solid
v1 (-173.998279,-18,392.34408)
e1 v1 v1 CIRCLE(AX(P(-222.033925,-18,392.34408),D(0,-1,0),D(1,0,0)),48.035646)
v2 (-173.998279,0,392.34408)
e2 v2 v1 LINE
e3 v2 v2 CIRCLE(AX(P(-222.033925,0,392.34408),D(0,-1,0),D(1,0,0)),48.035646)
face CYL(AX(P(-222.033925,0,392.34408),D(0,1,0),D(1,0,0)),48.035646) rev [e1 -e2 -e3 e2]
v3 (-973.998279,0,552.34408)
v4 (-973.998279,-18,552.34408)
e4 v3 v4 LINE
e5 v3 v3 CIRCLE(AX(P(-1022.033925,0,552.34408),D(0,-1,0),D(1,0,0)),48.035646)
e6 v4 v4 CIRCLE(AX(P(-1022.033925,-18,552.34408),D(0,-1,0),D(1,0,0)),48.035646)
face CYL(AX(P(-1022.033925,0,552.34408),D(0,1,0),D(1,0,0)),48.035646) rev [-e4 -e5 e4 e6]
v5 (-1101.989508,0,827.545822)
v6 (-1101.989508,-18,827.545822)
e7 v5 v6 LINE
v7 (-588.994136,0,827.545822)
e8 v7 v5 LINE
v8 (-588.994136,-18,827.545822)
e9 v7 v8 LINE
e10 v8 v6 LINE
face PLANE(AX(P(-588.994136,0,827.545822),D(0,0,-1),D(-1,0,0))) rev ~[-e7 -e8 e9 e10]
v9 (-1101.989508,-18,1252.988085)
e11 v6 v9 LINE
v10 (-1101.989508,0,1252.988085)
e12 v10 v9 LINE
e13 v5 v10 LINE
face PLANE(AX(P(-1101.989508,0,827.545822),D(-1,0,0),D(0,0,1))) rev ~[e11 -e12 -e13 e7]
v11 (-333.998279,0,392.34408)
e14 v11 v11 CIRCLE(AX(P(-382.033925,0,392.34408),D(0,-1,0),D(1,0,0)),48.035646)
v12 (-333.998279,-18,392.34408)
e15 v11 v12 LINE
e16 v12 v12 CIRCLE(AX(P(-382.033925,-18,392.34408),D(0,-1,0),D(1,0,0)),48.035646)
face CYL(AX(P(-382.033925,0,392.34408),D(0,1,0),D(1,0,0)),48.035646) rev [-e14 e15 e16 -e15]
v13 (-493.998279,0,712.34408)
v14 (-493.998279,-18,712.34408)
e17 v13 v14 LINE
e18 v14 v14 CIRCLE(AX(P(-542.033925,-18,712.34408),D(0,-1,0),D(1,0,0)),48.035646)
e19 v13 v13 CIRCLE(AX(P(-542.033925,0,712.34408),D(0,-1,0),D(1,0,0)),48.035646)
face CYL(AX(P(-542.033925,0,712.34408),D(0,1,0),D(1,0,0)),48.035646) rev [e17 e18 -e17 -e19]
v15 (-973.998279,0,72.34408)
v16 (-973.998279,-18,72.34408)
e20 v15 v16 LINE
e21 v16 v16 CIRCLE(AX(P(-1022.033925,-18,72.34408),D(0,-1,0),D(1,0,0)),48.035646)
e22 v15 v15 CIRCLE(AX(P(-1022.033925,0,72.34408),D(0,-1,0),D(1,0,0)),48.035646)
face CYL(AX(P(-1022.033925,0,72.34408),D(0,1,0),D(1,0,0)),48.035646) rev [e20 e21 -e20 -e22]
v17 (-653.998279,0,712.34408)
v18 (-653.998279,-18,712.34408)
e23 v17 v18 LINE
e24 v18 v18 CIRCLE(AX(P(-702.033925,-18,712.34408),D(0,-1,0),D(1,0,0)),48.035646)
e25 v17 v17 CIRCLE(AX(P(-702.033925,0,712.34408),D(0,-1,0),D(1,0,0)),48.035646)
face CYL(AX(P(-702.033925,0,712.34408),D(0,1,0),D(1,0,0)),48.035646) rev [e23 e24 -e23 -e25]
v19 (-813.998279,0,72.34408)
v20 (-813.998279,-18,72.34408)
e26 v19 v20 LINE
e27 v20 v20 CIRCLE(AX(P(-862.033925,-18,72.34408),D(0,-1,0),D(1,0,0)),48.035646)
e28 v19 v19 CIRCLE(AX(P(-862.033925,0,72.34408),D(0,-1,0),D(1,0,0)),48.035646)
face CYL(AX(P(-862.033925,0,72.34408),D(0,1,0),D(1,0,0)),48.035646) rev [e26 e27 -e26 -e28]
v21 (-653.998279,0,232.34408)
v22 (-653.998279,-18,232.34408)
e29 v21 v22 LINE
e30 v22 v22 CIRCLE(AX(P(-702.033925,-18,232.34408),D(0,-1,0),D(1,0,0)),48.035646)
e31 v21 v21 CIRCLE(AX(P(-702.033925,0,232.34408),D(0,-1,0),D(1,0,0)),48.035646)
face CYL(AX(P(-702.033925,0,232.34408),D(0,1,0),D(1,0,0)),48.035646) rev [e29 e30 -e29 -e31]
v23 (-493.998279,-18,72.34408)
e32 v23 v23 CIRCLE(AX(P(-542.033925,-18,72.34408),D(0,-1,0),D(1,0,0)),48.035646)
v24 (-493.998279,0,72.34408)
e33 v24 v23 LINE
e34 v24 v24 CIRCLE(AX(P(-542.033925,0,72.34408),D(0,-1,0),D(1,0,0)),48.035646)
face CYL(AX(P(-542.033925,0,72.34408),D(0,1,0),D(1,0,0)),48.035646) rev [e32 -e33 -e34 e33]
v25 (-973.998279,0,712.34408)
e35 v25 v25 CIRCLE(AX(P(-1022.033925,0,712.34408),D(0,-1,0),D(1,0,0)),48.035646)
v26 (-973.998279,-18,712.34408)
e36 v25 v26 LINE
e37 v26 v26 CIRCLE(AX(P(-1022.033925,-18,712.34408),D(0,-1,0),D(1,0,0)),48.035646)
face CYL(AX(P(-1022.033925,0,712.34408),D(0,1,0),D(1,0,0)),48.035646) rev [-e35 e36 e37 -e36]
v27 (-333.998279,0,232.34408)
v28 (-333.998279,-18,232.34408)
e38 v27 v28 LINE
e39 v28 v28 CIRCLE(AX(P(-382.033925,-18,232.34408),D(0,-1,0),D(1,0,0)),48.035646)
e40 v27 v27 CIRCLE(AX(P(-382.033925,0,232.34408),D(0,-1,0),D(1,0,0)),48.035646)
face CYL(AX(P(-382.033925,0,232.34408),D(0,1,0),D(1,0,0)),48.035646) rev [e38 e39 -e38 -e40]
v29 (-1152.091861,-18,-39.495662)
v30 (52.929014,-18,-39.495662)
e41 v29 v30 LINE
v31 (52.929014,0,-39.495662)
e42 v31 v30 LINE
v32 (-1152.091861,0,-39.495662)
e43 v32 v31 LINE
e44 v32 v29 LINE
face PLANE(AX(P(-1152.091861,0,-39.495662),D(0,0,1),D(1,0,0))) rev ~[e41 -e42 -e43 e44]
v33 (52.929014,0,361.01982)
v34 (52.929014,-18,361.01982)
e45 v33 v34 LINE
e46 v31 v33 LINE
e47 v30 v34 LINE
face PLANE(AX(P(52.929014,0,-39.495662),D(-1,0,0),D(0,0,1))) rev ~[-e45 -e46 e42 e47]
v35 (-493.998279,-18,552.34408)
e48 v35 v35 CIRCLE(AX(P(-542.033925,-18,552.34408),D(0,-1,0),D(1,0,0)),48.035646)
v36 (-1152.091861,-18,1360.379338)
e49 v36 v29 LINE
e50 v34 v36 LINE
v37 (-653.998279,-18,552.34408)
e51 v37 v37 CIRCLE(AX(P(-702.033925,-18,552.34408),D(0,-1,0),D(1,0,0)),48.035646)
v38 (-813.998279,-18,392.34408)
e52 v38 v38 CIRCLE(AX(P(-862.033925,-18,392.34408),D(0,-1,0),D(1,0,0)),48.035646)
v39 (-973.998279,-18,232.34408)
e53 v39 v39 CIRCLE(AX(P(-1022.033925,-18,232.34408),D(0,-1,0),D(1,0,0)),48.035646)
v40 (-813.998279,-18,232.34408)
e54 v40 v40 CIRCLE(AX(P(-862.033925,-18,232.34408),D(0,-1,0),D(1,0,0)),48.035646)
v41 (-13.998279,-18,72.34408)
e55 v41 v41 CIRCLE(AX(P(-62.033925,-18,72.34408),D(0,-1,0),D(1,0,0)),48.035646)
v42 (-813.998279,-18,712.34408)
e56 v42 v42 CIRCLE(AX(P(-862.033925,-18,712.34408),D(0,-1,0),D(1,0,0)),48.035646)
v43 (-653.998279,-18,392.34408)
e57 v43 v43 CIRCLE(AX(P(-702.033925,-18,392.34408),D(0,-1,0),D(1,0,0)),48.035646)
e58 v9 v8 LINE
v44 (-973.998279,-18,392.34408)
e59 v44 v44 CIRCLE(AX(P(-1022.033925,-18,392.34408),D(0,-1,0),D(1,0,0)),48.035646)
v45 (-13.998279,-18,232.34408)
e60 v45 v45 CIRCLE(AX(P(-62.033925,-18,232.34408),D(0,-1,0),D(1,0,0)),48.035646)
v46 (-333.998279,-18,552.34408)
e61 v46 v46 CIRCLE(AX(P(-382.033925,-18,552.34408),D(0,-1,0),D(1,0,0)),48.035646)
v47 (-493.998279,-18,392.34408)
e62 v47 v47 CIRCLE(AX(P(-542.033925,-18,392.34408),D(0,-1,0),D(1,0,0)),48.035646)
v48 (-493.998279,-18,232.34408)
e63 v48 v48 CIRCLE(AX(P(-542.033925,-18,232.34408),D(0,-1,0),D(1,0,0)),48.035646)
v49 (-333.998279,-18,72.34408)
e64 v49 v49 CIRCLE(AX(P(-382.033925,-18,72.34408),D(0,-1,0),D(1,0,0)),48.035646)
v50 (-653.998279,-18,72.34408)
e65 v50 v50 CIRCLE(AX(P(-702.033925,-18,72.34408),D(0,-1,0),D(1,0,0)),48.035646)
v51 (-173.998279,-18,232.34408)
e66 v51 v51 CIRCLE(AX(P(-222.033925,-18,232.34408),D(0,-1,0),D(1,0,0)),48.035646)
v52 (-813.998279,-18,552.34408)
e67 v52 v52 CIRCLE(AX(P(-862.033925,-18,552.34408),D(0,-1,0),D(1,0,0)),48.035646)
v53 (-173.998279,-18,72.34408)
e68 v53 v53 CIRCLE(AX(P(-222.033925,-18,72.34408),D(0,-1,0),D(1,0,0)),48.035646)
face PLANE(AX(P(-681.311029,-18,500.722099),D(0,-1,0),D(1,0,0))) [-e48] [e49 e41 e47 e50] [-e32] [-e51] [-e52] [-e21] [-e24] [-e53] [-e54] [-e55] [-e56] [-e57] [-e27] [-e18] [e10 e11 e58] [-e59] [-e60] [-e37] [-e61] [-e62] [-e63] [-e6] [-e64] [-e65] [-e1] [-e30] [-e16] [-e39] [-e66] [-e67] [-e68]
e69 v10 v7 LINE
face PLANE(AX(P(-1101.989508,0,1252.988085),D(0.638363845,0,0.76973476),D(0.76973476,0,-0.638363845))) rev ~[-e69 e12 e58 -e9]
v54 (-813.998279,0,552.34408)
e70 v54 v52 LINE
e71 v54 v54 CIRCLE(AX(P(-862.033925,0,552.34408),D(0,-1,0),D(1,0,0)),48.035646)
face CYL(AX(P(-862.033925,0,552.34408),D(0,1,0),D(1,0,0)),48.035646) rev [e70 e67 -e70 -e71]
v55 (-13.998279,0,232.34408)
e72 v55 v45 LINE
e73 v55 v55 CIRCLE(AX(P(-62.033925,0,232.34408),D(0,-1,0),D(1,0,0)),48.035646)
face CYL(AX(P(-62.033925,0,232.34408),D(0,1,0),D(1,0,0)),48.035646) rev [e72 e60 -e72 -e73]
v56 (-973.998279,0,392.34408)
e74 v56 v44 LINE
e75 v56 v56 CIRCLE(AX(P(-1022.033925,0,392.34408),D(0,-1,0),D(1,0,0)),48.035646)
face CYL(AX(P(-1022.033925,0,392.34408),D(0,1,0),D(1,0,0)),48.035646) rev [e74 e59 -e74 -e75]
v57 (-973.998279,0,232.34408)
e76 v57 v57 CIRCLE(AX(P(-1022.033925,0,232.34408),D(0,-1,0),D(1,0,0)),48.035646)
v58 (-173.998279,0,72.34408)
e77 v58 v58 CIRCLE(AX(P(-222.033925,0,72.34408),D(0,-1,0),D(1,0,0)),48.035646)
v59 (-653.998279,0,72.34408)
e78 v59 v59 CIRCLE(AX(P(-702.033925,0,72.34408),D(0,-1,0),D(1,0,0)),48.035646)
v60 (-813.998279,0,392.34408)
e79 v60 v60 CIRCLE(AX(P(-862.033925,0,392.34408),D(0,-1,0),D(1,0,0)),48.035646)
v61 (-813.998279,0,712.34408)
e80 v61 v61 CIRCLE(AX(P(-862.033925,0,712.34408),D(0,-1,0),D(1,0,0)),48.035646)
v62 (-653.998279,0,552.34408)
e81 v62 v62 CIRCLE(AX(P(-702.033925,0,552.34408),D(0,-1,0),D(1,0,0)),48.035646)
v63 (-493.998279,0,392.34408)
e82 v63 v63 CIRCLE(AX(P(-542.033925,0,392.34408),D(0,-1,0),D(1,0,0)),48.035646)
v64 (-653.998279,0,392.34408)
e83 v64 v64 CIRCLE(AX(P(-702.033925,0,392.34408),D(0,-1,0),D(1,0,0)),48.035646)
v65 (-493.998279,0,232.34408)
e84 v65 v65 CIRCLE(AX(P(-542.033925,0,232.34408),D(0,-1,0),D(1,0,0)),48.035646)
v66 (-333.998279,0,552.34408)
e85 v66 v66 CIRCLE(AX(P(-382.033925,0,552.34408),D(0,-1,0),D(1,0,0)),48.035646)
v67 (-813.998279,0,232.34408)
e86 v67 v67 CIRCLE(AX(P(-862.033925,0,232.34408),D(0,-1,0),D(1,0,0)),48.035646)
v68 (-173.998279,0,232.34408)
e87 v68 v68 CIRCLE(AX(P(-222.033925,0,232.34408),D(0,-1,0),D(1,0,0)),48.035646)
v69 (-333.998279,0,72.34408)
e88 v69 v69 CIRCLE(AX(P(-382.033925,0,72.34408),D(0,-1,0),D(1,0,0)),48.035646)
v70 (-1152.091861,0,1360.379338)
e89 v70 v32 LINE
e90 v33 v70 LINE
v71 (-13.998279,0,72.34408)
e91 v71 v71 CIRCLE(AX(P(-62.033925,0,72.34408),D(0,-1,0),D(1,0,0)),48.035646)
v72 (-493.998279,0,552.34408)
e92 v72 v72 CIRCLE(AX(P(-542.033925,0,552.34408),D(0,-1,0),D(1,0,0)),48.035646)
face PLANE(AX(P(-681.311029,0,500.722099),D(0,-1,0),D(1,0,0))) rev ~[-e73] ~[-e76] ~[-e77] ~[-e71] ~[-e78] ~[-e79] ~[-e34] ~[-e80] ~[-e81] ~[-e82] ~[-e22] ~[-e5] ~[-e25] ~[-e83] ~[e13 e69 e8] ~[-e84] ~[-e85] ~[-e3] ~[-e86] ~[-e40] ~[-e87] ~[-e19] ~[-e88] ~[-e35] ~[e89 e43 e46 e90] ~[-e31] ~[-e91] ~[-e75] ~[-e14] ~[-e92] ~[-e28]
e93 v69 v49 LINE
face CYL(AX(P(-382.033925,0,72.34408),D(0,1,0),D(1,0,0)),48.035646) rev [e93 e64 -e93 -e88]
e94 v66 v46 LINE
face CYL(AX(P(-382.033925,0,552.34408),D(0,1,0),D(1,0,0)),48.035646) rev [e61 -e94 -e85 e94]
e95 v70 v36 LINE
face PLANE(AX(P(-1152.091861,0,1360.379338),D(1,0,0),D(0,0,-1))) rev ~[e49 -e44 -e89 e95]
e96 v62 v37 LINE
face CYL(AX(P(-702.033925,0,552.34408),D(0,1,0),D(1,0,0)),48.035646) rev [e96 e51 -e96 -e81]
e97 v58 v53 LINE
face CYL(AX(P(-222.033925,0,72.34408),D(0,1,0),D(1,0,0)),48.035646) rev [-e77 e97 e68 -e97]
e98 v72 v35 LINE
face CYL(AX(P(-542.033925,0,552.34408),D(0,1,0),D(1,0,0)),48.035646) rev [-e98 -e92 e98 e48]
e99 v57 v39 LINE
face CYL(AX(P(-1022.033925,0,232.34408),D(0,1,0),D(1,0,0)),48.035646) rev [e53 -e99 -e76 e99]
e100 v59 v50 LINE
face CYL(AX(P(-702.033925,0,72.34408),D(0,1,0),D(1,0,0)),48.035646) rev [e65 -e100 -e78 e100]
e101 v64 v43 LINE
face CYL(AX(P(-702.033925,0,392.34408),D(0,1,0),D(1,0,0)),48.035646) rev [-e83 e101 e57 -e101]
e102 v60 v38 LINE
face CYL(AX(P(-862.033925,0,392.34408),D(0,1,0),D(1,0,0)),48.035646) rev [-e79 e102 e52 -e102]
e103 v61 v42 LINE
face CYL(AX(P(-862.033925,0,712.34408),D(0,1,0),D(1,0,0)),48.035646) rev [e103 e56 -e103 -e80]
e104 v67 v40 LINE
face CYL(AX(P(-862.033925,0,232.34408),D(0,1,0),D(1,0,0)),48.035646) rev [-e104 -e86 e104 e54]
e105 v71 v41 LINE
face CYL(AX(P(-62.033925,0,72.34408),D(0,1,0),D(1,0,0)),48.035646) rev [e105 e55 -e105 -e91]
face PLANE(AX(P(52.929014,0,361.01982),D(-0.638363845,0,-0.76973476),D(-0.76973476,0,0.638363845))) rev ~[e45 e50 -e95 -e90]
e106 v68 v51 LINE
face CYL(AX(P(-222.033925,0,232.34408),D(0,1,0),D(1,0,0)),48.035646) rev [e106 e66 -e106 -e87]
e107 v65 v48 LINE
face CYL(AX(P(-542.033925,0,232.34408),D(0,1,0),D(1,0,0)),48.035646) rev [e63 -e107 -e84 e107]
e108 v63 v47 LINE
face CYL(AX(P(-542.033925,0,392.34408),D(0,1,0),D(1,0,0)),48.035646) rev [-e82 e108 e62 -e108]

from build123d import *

# Parameters (mm, degrees)
F0_R     = 48.035646
F1_DEPTH = 18


with BuildPart() as f1:
    # F0 (on Front) → F1 (new body)
    with BuildSketch(Plane.XZ):
        Polygon((-1152.091861, -39.495662), (52.929014, -39.495662), (52.929014, 361.01982), (-1152.091861, 1360.379338), align=None)
        with Locations((-1022.033925, 72.34408)):
            Circle(F0_R, mode=Mode.SUBTRACT)
        with Locations((-862.033925, 72.34408)):
            Circle(F0_R, mode=Mode.SUBTRACT)
        with Locations((-1022.033925, 232.34408)):
            Circle(F0_R, mode=Mode.SUBTRACT)
        with Locations((-862.033925, 232.34408)):
            Circle(F0_R, mode=Mode.SUBTRACT)
        with Locations((-702.033925, 72.34408)):
            Circle(F0_R, mode=Mode.SUBTRACT)
        with Locations((-702.033925, 232.34408)):
            Circle(F0_R, mode=Mode.SUBTRACT)
        with Locations((-1022.033925, 392.34408)):
            Circle(F0_R, mode=Mode.SUBTRACT)
        with Locations((-862.033925, 392.34408)):
            Circle(F0_R, mode=Mode.SUBTRACT)
        with Locations((-1022.033925, 552.34408)):
            Circle(F0_R, mode=Mode.SUBTRACT)
        with Locations((-862.033925, 552.34408)):
            Circle(F0_R, mode=Mode.SUBTRACT)
        with Locations((-702.033925, 392.34408)):
            Circle(F0_R, mode=Mode.SUBTRACT)
        with Locations((-702.033925, 552.34408)):
            Circle(F0_R, mode=Mode.SUBTRACT)
        with Locations((-542.033925, 72.34408)):
            Circle(F0_R, mode=Mode.SUBTRACT)
        with Locations((-382.033925, 72.34408)):
            Circle(F0_R, mode=Mode.SUBTRACT)
        with Locations((-542.033925, 232.34408)):
            Circle(F0_R, mode=Mode.SUBTRACT)
        with Locations((-382.033925, 232.34408)):
            Circle(F0_R, mode=Mode.SUBTRACT)
        with Locations((-222.033925, 72.34408)):
            Circle(F0_R, mode=Mode.SUBTRACT)
        with Locations((-62.033925, 72.34408)):
            Circle(F0_R, mode=Mode.SUBTRACT)
        with Locations((-222.033925, 232.34408)):
            Circle(F0_R, mode=Mode.SUBTRACT)
        with Locations((-62.033925, 232.34408)):
            Circle(F0_R, mode=Mode.SUBTRACT)
        with Locations((-542.033925, 392.34408)):
            Circle(F0_R, mode=Mode.SUBTRACT)
        with Locations((-382.033925, 392.34408)):
            Circle(F0_R, mode=Mode.SUBTRACT)
        with Locations((-542.033925, 552.34408)):
            Circle(F0_R, mode=Mode.SUBTRACT)
        with Locations((-382.033925, 552.34408)):
            Circle(F0_R, mode=Mode.SUBTRACT)
        with Locations((-222.033925, 392.34408)):
            Circle(F0_R, mode=Mode.SUBTRACT)
        with Locations((-1022.033925, 712.34408)):
            Circle(F0_R, mode=Mode.SUBTRACT)
        with Locations((-862.033925, 712.34408)):
            Circle(F0_R, mode=Mode.SUBTRACT)
        with Locations((-702.033925, 712.34408)):
            Circle(F0_R, mode=Mode.SUBTRACT)
        Polygon((-588.994136, 827.545822), (-1101.989508, 827.545822), (-1101.989508, 1252.988085), align=None, mode=Mode.SUBTRACT)
        with Locations((-542.033925, 712.34408)):
            Circle(F0_R, mode=Mode.SUBTRACT)
    extrude(amount=F1_DEPTH)


solid = f1.part
